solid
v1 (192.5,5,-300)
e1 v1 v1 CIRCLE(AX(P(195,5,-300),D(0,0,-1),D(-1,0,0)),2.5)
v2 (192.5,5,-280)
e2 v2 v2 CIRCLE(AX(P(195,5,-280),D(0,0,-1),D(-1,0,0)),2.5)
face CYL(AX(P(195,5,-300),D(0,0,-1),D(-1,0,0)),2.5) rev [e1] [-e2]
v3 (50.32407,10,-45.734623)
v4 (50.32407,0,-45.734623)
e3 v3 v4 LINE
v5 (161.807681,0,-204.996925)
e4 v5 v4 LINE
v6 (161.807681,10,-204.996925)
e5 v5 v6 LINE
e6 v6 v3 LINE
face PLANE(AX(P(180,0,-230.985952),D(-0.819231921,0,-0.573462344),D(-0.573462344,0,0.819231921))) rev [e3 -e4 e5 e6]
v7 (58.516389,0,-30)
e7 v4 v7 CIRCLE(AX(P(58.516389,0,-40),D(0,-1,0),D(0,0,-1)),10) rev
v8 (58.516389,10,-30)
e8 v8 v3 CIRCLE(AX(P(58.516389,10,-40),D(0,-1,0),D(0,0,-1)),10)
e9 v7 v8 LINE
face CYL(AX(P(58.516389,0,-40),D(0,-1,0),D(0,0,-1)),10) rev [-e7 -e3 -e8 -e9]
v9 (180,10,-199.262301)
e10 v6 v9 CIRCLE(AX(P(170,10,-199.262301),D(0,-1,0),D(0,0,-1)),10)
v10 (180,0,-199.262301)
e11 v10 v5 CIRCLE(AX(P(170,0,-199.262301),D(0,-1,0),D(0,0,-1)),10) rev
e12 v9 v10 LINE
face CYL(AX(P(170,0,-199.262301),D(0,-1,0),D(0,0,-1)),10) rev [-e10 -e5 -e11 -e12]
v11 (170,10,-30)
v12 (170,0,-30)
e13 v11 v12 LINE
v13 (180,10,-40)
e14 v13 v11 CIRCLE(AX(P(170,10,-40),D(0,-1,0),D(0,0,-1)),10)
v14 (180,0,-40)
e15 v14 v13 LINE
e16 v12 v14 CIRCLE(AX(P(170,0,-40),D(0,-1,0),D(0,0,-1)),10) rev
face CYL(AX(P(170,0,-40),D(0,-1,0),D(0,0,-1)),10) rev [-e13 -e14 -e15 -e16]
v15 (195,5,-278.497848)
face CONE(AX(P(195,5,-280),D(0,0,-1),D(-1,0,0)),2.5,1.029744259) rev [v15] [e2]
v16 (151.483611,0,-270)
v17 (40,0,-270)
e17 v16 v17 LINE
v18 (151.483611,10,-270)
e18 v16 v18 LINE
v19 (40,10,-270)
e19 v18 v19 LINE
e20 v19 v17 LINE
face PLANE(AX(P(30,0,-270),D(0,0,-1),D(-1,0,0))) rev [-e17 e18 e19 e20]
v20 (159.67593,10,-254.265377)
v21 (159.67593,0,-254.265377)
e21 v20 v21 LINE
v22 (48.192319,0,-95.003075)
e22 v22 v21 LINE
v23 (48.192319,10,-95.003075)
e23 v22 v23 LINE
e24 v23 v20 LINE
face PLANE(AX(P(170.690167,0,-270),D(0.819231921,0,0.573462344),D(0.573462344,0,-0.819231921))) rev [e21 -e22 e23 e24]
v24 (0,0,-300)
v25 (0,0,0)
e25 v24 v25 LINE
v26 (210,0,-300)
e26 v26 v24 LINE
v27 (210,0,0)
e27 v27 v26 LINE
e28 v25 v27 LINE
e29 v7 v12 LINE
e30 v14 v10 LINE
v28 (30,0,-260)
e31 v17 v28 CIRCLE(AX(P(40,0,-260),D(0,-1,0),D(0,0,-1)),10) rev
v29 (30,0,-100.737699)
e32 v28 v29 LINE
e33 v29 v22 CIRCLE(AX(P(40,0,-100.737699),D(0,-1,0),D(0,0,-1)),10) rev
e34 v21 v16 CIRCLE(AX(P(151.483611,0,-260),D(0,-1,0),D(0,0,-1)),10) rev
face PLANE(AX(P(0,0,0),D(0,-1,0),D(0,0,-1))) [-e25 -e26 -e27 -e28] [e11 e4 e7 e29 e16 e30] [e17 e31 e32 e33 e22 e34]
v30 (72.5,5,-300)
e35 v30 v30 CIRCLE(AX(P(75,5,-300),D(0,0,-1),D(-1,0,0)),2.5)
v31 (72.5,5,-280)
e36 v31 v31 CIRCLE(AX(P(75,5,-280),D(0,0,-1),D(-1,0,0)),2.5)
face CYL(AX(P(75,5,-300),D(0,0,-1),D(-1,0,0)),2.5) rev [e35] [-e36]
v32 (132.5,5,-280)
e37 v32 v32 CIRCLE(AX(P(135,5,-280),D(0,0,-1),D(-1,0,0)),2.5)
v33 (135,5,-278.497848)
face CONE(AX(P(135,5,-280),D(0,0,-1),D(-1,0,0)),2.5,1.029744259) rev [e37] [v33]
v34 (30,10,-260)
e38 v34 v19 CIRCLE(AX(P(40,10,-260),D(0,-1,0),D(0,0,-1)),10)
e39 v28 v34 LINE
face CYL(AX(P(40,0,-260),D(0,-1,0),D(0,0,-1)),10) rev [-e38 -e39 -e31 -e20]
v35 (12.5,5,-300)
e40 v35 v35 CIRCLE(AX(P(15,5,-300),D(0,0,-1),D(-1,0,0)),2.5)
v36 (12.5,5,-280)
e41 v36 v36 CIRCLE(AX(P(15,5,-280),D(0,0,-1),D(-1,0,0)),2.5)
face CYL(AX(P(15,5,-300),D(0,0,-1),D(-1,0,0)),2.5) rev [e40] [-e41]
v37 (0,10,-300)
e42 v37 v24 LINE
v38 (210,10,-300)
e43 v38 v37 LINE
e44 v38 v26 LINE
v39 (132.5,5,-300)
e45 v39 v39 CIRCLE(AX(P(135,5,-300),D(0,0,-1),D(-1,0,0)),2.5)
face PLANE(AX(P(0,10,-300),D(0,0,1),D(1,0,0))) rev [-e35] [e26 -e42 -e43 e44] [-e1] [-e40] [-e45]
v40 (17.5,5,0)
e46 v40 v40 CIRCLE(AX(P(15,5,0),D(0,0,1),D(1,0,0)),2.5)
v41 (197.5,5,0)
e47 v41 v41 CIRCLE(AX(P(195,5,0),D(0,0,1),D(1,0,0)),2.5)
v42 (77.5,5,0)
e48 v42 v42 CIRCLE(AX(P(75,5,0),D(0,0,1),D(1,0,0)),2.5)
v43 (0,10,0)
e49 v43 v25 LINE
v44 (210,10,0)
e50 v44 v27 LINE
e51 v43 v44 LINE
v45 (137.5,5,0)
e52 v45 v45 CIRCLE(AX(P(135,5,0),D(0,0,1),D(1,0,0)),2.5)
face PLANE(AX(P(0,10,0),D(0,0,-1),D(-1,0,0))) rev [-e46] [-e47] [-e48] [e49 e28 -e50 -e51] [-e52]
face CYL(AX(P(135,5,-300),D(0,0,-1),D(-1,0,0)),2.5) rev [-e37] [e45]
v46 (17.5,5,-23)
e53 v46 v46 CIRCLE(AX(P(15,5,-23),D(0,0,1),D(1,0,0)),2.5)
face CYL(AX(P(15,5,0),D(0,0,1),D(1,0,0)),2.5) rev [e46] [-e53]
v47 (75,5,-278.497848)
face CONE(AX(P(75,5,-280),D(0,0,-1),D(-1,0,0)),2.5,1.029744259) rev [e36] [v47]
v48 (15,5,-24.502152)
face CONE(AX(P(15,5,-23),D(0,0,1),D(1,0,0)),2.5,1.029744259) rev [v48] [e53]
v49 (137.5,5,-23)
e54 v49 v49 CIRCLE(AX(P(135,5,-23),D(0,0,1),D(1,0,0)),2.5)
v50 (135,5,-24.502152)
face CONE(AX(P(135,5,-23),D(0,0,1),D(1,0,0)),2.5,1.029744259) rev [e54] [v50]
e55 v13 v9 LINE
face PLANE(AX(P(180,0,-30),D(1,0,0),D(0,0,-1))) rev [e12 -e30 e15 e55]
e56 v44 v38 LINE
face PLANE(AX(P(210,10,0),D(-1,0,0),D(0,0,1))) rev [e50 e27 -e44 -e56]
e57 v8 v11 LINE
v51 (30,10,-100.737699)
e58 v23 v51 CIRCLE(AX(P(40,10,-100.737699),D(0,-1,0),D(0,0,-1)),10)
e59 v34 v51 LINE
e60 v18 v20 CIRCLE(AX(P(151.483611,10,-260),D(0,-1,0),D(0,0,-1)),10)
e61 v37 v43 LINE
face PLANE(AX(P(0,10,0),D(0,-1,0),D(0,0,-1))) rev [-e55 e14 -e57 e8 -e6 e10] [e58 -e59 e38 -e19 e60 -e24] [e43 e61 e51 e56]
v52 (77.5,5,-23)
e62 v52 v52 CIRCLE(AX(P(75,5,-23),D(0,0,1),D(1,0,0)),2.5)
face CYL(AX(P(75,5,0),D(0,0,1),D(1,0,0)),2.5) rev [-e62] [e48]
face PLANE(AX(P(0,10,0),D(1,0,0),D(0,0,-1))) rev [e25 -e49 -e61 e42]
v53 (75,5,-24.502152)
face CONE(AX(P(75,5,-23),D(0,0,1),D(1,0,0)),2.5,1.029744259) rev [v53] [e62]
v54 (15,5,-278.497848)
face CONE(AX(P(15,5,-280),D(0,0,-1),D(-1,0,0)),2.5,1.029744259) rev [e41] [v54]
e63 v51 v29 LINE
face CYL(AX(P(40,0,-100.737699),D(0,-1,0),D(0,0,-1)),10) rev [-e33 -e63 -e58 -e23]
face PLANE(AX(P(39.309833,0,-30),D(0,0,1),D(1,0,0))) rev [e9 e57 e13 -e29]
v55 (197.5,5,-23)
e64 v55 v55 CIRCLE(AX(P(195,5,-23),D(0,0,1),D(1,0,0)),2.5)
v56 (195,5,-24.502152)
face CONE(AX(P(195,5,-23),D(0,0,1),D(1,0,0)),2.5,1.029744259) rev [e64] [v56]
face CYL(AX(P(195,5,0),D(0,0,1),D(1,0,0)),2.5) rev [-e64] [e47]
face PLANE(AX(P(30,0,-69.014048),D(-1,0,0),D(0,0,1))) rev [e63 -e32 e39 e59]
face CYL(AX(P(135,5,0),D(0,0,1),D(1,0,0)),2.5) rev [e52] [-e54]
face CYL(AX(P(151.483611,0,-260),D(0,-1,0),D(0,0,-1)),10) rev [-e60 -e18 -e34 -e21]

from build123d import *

# Parameters (mm, degrees)
SKETCH1_W             = 210
SKETCH1_H             = 300
BOSS_EXTRUDE1_DEPTH   = 10
CUT_EXTRUDE1_DEPTH    = 11
CUT_EXTRUDE2_DEPTH    = 11
FILLET1_R             = 10
M6_TAPPED_HOLE2_D     = 5
M6_TAPPED_HOLE2_DEPTH = 23
M6_TAPPED_HOLE2_TIP   = 1.502151548
M6_TAPPED_HOLE3_D     = 5
M6_TAPPED_HOLE3_DEPTH = 20
M6_TAPPED_HOLE3_TIP   = 1.502151548


with BuildPart() as part:
    # Sketch1 → Boss-Extrude1 (new body)
    with BuildSketch(Plane(origin=(0, 0, 0), x_dir=(1, 0, 0), z_dir=(0, 1, 0))):
        with Locations((105, 150)):
            Rectangle(SKETCH1_W, SKETCH1_H)
    extrude(amount=BOSS_EXTRUDE1_DEPTH)

    # Sketch2 → Cut-Extrude1 (cut, through all)
    with BuildSketch(Plane(origin=(0, 10, 0), x_dir=(1, 0, 0), z_dir=(0, 1, 0))):
        Polygon((39.309833424, 30), (180, 30), (180, 230.985952252), align=None)
    extrude(amount=-CUT_EXTRUDE1_DEPTH, mode=Mode.SUBTRACT)

    # Sketch3 → Cut-Extrude2 (cut, through all)
    with BuildSketch(Plane(origin=(0, 10, 0), x_dir=(1, 0, 0), z_dir=(0, 1, 0))):
        Polygon((30, 69.014047748), (30, 270), (170.690166576, 270), align=None)
    extrude(amount=-CUT_EXTRUDE2_DEPTH, mode=Mode.SUBTRACT)

    # Fillet1
    fillet1_edges = [part.edges().sort_by_distance(p)[0] for p in [
        (39.309833424, 5, -30),
        (180, 5, -230.985952252),
        (180, 5, -30),
        (170.690166576, 5, -270),
        (30, 5, -69.014047748),
        (30, 5, -270),
    ]]
    fillet(fillet1_edges, radius=FILLET1_R)

    # M6 Tapped Hole2
    with Locations(Plane.XY):
        with Locations((15, 5), (135, 5), (195, 5), (75, 5)):
            Hole(M6_TAPPED_HOLE2_D / 2, depth=M6_TAPPED_HOLE2_DEPTH)
            with Locations((0, 0, -(M6_TAPPED_HOLE2_DEPTH + M6_TAPPED_HOLE2_TIP / 2))):  # 118° drill point
                Cone(0, M6_TAPPED_HOLE2_D / 2, M6_TAPPED_HOLE2_TIP, mode=Mode.SUBTRACT)

    # M6 Tapped Hole3
    with Locations(Plane(origin=(0, 0, -300), x_dir=(-1, 0, 0), z_dir=(0, 0, -1))):
        with Locations((-195, 5), (-15, 5), (-135, 5), (-75, 5)):
            Hole(M6_TAPPED_HOLE3_D / 2, depth=M6_TAPPED_HOLE3_DEPTH)
            with Locations((0, 0, -(M6_TAPPED_HOLE3_DEPTH + M6_TAPPED_HOLE3_TIP / 2))):  # 118° drill point
                Cone(0, M6_TAPPED_HOLE3_D / 2, M6_TAPPED_HOLE3_TIP, mode=Mode.SUBTRACT)


solid = part.part
